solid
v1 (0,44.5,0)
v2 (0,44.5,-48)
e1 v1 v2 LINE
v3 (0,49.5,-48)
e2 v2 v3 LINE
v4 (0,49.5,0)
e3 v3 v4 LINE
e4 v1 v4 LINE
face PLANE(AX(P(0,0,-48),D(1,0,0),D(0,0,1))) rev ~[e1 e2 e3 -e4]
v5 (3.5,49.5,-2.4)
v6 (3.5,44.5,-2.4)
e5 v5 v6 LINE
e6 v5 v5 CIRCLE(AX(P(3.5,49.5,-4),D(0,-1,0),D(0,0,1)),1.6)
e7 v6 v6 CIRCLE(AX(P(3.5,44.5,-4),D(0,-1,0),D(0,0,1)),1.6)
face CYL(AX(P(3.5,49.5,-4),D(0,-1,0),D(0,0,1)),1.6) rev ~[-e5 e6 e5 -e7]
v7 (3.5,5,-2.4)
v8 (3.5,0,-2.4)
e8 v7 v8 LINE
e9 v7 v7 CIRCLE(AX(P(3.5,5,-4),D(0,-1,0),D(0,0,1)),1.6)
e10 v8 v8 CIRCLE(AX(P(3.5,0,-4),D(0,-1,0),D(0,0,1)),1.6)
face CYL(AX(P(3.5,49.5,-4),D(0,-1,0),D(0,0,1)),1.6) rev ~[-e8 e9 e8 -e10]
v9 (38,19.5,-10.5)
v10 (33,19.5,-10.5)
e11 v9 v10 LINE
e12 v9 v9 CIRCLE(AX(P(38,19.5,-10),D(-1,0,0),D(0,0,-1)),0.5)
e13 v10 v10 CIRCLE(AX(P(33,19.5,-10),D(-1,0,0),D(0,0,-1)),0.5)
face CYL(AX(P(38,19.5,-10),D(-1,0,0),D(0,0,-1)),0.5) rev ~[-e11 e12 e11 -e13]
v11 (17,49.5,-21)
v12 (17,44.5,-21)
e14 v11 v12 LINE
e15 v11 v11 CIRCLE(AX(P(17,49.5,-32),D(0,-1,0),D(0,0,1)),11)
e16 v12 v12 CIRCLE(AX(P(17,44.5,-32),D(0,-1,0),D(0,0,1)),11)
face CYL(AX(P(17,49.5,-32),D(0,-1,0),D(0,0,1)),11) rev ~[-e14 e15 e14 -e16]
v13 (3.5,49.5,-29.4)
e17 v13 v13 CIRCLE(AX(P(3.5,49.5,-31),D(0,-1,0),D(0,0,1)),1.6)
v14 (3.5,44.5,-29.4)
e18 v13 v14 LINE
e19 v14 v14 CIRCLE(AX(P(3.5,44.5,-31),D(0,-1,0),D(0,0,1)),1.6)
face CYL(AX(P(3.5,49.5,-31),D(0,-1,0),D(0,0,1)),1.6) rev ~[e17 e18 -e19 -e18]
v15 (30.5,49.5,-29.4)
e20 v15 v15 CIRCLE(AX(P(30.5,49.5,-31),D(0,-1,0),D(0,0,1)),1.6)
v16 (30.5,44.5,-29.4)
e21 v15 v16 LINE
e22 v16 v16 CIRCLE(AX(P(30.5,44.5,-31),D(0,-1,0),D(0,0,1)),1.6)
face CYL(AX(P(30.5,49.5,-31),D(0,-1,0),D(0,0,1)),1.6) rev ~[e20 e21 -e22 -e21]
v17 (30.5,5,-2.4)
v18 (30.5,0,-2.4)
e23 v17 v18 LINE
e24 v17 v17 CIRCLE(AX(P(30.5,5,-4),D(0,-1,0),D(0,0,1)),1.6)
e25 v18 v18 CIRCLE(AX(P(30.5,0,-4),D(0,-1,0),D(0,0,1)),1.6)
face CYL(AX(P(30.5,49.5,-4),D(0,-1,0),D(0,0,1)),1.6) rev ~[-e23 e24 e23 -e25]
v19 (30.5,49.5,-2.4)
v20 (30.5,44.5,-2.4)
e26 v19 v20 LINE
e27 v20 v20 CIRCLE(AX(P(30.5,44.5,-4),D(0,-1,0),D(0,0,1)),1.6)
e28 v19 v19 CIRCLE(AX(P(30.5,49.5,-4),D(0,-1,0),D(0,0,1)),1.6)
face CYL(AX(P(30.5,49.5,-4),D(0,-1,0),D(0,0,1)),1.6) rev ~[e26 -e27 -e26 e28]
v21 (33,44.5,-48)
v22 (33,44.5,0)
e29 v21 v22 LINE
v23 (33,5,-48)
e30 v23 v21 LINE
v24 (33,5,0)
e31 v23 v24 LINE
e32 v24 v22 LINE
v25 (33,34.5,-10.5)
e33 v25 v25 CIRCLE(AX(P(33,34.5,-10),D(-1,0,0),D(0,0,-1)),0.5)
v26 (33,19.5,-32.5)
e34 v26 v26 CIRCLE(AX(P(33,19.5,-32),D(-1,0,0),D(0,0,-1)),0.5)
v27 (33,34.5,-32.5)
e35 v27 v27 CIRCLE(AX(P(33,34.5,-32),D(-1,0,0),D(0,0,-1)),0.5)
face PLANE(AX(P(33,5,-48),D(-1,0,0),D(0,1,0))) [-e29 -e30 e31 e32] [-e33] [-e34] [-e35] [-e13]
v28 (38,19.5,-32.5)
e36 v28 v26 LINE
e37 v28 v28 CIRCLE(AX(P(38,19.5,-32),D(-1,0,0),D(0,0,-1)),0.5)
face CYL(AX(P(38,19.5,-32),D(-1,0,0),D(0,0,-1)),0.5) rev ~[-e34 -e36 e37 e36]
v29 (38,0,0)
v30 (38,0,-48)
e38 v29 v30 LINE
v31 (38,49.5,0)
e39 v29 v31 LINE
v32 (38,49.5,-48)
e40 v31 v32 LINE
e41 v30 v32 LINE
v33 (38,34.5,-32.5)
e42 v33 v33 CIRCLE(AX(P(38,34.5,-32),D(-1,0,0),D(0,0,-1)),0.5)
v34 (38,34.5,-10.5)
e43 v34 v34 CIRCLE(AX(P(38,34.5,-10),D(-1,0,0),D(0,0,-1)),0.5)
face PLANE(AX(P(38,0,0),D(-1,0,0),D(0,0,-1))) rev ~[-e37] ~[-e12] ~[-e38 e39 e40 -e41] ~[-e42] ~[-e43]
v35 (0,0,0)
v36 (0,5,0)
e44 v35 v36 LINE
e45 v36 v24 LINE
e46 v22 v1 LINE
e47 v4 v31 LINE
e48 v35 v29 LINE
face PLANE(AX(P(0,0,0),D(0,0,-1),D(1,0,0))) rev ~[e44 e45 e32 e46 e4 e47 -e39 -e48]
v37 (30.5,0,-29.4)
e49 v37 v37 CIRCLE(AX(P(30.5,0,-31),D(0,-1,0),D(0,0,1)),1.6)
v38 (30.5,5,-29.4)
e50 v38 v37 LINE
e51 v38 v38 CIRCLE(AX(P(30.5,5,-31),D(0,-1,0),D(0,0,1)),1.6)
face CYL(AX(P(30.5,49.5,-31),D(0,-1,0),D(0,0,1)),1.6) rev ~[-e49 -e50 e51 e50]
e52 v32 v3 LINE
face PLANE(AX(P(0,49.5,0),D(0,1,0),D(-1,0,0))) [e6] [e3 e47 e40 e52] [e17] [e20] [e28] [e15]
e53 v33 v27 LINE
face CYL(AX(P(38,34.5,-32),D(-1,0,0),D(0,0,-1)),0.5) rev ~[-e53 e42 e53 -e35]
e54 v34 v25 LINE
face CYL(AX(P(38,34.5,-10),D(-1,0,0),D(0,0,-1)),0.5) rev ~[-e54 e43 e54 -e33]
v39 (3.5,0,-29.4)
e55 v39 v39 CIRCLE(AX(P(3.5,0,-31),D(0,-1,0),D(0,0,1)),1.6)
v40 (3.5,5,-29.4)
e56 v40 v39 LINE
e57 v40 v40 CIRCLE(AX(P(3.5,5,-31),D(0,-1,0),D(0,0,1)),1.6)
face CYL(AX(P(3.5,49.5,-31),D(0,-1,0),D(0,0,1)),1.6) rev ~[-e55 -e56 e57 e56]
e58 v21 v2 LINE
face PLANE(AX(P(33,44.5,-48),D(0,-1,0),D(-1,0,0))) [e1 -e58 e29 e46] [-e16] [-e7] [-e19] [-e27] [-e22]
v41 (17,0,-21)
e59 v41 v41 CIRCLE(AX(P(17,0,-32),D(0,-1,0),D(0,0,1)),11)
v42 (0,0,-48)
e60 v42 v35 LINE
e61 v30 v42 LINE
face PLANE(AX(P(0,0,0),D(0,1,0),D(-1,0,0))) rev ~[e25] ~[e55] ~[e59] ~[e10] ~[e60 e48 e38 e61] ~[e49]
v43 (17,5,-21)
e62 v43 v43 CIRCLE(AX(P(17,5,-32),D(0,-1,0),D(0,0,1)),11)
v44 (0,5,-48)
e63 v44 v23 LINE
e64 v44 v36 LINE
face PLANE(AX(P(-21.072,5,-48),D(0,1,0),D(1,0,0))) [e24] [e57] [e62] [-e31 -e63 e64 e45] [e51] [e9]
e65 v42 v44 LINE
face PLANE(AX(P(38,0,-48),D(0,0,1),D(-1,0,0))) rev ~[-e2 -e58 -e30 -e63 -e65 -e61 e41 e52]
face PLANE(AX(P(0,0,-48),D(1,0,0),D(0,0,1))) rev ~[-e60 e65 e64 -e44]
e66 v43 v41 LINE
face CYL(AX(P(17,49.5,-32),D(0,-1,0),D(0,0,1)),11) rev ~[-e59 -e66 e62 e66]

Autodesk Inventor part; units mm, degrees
ref_plane "YZ Plane" through (0, 0, 0) normal (1, 0, 0) x (0, 1, 0)
ref_plane "XZ Plane" through (0, 0, 0) normal (0, 1, 0) x (-1, 0, 0)
ref_plane "XY Plane" through (0, 0, 0) normal (0, 0, 1) x (1, 0, 0)
sketch "スケッチ1" plane through (0, 0, 0) normal (0, 1, 0) x (-1, 0, 0)
  line L0 (0, 0) -> (-38, 0)
  line L1 (-38, 0) -> (-38, -48)
  line L2 (-38, -48) -> (0, -48)
  line L3 (0, -48) -> (0, 0)
  dimension "d0" = 48
  dimension "d1" = 38
extrude "押し出し1" add sketch "スケッチ1" along normal blind 49.5
sketch "スケッチ2" plane through (38, 0, -48) normal (0, 0, -1) x (-1, 0, 0)
  line L0 (5, 44.5) -> (59.072, 44.5)
  line L1 (59.072, 44.5) -> (59.072, 5)
  line L2 (59.072, 5) -> (5, 5)
  line L3 (5, 5) -> (5, 44.5)
  line L4 (0, 49.5) -> (38, 49.5) projected
  line L5 (0, 0) -> (38, 0) projected
  line L6 (0, 0) -> (0, 49.5) projected
  dimension "d4" = 39.5
  dimension "d6" = 5
  dimension "d7" = 5
extrude "押し出し2" cut sketch "スケッチ2" against normal blind 100
sketch "スケッチ3" plane through (0, 49.5, 0) normal (0, 1, 0) x (1, 0, 0)
  line L0 (38, 48) -> (0, 48) projected
  line L1 (38, 0) -> (38, 48) projected
  point P0 (0, 0)
  point P1 (17, 32)
  dimension "d10" = 16
  dimension "d11" = 21
hole "穴1" at (17, 49.5, -32) direction (0, -1, 0) diameter 22 end through all
sketch "スケッチ4" plane through (0, 49.5, 0) normal (0, 1, 0) x (1, 0, 0)
  line L0 (0, 0) -> (38, 0) projected
  line L1 (38, 0) -> (38, 48) projected
  point P0 (30.5, 4)
  point P1 (30.5, 31)
  point P2 (3.5, 4)
  point P3 (3.5, 31)
  point P4 (3.5, 4)
  dimension "d19" = 4
  dimension "d20" = 7.5
  dimension "d23" = 27
  dimension "d26" = 27
hole "穴2" at (30.5, 49.5, -4) at (30.5, 49.5, -31) at (3.5, 49.5, -31) at (3.5, 49.5, -4) direction (0, -1, 0) diameter 3.2 end through all
sketch "スケッチ6" plane through (38, 0, 0) normal (1, 0, 0) x (0, 0, -1)
  line L0 (0, 49.5) -> (48, 49.5) projected
  line L1 (0, 0) -> (0, 49.5) projected
  point P0 (10, 34.5)
  point P1 (32, 34.5)
  point P2 (10, 19.5)
  point P3 (32, 19.5)
  dimension "d45" = 15
  dimension "d46" = 10
  dimension "d49" = 22
  dimension "d52" = 15
hole "穴4" at (38, 34.5, -10) at (38, 34.5, -32) at (38, 19.5, -10) at (38, 19.5, -32) direction (-1, 0, 0) diameter 1 end through all
properties part number "サーボモータ固定２軸"
